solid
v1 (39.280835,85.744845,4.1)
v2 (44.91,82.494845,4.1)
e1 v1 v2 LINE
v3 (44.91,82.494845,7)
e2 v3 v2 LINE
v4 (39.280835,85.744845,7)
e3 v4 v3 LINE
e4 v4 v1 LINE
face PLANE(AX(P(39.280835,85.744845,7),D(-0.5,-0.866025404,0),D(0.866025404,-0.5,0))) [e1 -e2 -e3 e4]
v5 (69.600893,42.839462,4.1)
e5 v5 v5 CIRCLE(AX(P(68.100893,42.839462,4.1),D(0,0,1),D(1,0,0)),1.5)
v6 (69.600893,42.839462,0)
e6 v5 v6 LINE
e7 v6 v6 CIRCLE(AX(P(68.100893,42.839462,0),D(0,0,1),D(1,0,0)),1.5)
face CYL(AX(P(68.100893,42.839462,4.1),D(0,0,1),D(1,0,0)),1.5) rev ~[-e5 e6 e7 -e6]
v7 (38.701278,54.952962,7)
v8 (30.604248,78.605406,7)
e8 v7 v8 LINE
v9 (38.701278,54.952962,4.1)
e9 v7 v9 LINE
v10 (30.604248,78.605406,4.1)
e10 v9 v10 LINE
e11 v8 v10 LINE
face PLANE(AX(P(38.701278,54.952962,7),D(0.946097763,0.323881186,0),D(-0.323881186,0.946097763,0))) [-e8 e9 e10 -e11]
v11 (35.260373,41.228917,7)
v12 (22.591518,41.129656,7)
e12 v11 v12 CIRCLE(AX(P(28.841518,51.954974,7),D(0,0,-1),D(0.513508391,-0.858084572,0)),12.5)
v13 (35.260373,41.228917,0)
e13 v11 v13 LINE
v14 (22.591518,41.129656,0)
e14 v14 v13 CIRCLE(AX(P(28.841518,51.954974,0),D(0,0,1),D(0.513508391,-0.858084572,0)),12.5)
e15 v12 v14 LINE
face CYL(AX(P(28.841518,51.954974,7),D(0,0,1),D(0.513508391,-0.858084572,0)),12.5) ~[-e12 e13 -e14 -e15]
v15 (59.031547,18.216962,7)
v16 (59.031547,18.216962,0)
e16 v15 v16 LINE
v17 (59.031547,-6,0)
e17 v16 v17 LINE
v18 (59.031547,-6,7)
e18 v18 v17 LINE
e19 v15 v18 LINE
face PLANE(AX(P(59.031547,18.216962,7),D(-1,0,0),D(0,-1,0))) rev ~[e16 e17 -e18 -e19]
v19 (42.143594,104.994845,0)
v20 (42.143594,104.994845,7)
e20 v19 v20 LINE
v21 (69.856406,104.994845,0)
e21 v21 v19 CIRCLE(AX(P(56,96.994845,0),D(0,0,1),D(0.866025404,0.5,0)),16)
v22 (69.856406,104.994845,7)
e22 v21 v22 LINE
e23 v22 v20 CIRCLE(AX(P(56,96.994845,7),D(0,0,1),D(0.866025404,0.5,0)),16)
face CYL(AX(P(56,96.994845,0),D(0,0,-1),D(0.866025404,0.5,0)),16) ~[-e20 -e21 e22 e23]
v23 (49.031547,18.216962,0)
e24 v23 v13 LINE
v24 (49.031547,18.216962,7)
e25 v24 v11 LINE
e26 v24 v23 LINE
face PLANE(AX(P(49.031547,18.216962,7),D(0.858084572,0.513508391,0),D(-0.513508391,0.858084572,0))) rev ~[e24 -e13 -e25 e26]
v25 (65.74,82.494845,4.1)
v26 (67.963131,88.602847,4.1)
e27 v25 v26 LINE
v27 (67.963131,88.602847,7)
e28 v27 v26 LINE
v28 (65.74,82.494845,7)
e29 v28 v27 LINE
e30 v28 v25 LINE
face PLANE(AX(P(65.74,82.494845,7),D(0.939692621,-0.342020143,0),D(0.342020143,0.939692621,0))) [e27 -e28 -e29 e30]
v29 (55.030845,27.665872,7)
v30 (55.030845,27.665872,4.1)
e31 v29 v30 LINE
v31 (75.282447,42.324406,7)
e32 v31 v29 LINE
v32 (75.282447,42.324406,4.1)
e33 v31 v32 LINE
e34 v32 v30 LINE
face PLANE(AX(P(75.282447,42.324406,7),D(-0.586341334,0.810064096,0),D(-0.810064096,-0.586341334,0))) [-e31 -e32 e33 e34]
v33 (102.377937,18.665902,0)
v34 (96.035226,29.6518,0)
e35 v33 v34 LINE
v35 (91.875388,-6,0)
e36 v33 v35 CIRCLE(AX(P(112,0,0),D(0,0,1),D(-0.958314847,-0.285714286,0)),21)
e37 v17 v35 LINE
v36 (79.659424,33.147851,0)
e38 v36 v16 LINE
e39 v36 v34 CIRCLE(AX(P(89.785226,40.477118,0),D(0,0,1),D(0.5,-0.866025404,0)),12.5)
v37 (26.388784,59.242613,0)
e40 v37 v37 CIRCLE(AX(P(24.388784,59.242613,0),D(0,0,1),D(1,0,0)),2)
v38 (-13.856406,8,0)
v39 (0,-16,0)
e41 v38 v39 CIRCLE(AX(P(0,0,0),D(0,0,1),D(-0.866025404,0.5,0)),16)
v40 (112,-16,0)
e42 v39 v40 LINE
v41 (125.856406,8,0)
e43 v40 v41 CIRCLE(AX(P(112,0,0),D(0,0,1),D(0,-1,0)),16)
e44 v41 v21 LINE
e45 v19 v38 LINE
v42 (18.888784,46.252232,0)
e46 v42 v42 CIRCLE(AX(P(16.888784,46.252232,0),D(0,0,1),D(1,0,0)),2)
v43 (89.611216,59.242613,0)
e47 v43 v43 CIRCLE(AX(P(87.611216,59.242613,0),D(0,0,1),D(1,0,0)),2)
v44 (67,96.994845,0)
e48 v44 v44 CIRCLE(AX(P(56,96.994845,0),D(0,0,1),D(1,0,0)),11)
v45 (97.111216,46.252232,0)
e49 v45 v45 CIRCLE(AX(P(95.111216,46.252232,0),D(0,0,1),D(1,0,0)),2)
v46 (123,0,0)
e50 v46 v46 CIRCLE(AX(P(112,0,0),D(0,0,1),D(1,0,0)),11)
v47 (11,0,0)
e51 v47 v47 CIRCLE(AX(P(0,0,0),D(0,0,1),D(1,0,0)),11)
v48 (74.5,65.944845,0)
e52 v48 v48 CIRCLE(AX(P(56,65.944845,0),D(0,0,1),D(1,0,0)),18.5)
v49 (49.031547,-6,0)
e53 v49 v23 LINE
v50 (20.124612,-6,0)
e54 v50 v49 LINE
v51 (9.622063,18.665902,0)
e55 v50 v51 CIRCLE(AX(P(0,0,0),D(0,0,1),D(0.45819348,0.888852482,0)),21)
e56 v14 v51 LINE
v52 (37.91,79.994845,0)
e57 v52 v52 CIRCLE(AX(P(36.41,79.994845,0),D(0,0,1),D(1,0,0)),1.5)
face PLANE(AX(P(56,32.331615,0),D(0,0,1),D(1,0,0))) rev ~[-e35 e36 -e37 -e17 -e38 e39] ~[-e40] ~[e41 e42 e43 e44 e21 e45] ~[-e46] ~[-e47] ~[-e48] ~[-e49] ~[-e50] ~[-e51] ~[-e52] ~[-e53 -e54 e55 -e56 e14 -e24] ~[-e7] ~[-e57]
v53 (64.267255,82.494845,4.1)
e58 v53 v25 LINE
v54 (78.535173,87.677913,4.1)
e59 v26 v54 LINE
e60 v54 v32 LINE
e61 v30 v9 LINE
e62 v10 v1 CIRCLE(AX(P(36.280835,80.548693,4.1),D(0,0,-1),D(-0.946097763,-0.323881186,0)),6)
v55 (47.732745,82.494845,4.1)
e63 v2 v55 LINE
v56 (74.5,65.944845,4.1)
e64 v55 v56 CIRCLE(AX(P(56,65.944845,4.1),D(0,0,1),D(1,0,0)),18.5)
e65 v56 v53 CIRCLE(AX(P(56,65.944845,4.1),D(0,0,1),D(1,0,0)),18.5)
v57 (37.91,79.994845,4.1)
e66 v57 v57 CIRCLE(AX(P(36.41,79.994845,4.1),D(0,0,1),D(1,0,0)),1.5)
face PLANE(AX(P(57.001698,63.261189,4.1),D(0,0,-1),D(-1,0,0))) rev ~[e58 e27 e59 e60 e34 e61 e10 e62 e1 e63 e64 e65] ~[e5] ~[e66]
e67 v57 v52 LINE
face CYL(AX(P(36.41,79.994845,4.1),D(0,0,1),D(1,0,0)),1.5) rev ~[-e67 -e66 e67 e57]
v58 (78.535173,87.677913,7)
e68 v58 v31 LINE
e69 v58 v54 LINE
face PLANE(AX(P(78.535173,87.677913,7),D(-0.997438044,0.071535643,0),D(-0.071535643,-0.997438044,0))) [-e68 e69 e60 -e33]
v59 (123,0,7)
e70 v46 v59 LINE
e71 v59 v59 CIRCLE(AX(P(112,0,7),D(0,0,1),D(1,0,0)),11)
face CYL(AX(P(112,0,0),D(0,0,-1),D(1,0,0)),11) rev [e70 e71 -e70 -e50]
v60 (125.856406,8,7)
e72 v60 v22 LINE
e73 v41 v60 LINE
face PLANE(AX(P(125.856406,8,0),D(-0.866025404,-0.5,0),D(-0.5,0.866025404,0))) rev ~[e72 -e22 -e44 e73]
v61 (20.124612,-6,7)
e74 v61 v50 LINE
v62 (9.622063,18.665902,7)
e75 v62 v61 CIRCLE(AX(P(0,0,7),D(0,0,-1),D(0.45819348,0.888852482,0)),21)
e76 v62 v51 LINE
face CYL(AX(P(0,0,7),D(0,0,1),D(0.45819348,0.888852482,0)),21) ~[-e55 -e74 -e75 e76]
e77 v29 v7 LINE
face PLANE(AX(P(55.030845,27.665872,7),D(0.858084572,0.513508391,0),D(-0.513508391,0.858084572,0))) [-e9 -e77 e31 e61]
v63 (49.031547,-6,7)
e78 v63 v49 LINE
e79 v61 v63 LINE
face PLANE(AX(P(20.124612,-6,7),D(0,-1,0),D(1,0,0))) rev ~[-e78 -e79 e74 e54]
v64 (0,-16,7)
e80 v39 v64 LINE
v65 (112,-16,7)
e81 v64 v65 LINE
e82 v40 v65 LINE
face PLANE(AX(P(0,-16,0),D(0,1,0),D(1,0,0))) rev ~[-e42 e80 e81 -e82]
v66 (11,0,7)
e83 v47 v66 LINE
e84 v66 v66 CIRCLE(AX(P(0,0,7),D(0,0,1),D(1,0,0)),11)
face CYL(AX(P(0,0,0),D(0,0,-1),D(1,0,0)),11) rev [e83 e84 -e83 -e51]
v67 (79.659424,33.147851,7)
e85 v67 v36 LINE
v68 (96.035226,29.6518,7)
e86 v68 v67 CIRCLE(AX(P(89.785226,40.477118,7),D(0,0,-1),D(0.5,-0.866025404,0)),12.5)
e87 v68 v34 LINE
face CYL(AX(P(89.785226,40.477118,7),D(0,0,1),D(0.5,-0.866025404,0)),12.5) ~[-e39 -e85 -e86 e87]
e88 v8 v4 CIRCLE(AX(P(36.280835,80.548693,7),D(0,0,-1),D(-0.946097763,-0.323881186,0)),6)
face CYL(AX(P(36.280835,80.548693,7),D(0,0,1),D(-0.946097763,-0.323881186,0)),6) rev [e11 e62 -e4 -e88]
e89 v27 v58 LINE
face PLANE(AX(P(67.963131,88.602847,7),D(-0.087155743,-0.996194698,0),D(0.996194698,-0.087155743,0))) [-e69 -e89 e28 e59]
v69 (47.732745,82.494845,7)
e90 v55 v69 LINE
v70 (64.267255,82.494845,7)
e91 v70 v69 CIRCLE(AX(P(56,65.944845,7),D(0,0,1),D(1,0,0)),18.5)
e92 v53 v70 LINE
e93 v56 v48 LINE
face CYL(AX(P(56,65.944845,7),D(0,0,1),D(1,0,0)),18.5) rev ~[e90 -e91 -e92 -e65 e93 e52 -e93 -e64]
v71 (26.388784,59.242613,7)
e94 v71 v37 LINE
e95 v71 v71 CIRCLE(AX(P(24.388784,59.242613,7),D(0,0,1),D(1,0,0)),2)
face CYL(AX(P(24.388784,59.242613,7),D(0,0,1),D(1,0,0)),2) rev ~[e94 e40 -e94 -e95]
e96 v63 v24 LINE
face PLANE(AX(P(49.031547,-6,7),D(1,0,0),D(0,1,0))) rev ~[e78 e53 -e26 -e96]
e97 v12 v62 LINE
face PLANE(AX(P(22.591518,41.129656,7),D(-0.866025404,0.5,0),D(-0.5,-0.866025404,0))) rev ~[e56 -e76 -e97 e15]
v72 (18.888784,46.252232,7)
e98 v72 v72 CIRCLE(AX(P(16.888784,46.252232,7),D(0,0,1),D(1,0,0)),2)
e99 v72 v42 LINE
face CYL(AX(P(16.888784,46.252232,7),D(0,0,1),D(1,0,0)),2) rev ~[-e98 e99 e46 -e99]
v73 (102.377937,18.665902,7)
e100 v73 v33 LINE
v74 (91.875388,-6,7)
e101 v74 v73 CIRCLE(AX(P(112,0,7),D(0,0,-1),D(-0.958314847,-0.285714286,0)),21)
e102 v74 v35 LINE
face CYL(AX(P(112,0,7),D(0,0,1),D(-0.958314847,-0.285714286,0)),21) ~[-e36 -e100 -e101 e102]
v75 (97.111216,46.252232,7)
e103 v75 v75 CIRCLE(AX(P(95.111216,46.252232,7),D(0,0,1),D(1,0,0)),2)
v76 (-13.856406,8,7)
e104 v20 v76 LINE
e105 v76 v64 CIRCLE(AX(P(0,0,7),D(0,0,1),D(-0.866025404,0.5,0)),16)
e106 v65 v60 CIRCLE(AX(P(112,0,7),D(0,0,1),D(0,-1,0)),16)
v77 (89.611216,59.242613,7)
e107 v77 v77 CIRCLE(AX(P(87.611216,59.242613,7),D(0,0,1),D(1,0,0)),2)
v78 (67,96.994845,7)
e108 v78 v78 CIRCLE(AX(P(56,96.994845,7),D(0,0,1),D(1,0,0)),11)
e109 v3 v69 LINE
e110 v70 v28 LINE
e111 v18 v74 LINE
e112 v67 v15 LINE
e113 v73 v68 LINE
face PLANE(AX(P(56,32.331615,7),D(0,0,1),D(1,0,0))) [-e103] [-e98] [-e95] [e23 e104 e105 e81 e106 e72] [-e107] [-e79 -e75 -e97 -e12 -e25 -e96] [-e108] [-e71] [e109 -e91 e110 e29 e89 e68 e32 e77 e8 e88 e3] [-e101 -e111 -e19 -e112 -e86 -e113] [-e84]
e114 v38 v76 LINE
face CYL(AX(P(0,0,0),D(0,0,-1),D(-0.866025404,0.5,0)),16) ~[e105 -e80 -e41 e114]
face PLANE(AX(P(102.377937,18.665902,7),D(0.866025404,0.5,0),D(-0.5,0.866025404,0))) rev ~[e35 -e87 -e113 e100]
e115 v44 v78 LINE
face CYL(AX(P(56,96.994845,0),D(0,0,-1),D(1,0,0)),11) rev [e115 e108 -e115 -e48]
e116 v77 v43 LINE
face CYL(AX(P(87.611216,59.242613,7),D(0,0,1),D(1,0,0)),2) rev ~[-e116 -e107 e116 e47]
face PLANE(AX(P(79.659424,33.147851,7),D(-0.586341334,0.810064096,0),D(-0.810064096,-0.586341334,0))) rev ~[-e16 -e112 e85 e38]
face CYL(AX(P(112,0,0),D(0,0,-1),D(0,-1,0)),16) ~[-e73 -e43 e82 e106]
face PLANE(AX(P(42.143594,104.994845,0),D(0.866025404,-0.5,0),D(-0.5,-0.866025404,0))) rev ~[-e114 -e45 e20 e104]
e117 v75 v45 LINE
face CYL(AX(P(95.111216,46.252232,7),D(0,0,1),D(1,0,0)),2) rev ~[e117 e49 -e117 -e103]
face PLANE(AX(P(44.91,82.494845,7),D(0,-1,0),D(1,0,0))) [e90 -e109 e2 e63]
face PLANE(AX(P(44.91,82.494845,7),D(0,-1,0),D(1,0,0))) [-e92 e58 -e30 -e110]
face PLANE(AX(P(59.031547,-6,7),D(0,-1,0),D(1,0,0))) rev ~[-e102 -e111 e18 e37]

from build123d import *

# Parameters (mm, degrees)
SKETCH1_R           = 11
BOSS_EXTRUDE1_DEPTH = 7
SKETCH3_R           = 18.5
CUT_EXTRUDE1_DEPTH  = 8
CUT_EXTRUDE2_DEPTH  = 2.9
CUT_EXTRUDE3_DEPTH  = 8
SKETCH7_R           = 1.5
CUT_EXTRUDE4_DEPTH  = 5.1
SKETCH10_R          = 2
CUT_EXTRUDE5_DEPTH  = 8


with BuildPart() as part:
    # Sketch1 → Boss-Extrude1 (new body)
    with BuildSketch(Plane.XY):
        with BuildLine():
            Line((42.143593539, 104.994845224), (-13.856406461, 8))
            ThreePointArc((-13.856406461, 8), (-13.856406461, -8), (0, -16))
            Line((0, -16), (112, -16))
            ThreePointArc((112, -16), (125.856406461, -8), (125.856406461, 8))
            Line((125.856406461, 8), (69.856406461, 104.994845224))
            ThreePointArc((69.856406461, 104.994845224), (56, 112.994845224), (42.143593539, 104.994845224))
        make_face()
        Circle(SKETCH1_R, mode=Mode.SUBTRACT)
        with Locations((112, 0)):
            Circle(SKETCH1_R, mode=Mode.SUBTRACT)
        with Locations((56, 96.994845224)):
            Circle(SKETCH1_R, mode=Mode.SUBTRACT)
    extrude(amount=BOSS_EXTRUDE1_DEPTH)

    # Sketch3 → Cut-Extrude1 (cut, through all)
    with BuildSketch(Plane.XY.offset(7)):
        with Locations((56, 65.944845224)):
            Circle(SKETCH3_R)
    extrude(amount=-CUT_EXTRUDE1_DEPTH, mode=Mode.SUBTRACT)

    # Sketch4 → Cut-Extrude2 (cut)
    with BuildSketch(Plane.XY.offset(7)):
        with BuildLine():
            Line((44.91, 82.494845224), (65.74, 82.494845224))
            Line((65.74, 82.494845224), (67.963130932, 88.602847259))
            Line((67.963130932, 88.602847259), (78.535172855, 87.67791344))
            Line((78.535172855, 87.67791344), (75.282447168, 42.324405576))
            Line((75.282447168, 42.324405576), (55.030844768, 27.665872217))
            Line((55.030844768, 27.665872217), (38.701277947, 54.952961607))
            Line((38.701277947, 54.952961607), (30.604248297, 78.605405685))
            ThreePointArc((30.604248297, 78.605405685), (32.46849594, 85.181842037), (39.280834875, 85.744845224))
            Line((39.280834875, 85.744845224), (44.91, 82.494845224))
        make_face()
    extrude(amount=-CUT_EXTRUDE2_DEPTH, mode=Mode.SUBTRACT)

    # Sketch5 → Cut-Extrude3 (cut, through all)
    with BuildSketch(Plane.XY.offset(7)):
        with BuildLine():
            Line((22.59151766, 41.129656408), (9.622063078, 18.665902125))
            ThreePointArc((9.622063078, 18.665902125), (19.321434948, 8.226916285), (20.124611797, -6))
            Line((20.124611797, -6), (49.031546624, -6))
            Line((49.031546624, -6), (49.031546624, 18.216961725))
            Line((49.031546624, 18.216961725), (35.260372543, 41.228916805))
            ThreePointArc((35.260372543, 41.228916805), (28.939452074, 39.455357607), (22.59151766, 41.129656408))
        make_face()
        with BuildLine():
            Line((59.031546624, 18.216961725), (59.031546624, -6))
            Line((59.031546624, -6), (91.875388203, -6))
            ThreePointArc((91.875388203, -6), (92.678565052, 8.226916285), (102.377936922, 18.665902125))
            Line((102.377936922, 18.665902125), (96.035225677, 29.651800259))
            ThreePointArc((96.035225677, 29.651800259), (87.175426517, 28.252595389), (79.659424477, 33.147851127))
            Line((79.659424477, 33.147851127), (59.031546624, 18.216961725))
        make_face()
    extrude(amount=-CUT_EXTRUDE3_DEPTH, mode=Mode.SUBTRACT)

    # Sketch7 → Cut-Extrude4 (cut, through all)
    with BuildSketch(Plane.XY.offset(4.1)):
        with Locations((68.100893251, 42.839462205)):
            Circle(SKETCH7_R)
        with Locations((36.41, 79.994845224)):
            Circle(SKETCH7_R)
    extrude(amount=-CUT_EXTRUDE4_DEPTH, mode=Mode.SUBTRACT)

    # Sketch10 → Cut-Extrude5 (cut, through all)
    with BuildSketch(Plane.XY.offset(7)):
        with Locations((24.388784068, 59.24261314)):
            Circle(SKETCH10_R)
        with Locations((16.888784068, 46.252232084)):
            Circle(SKETCH10_R)
        with Locations((87.611215932, 59.24261314)):
            Circle(SKETCH10_R)
        with Locations((95.111215932, 46.252232084)):
            Circle(SKETCH10_R)
    extrude(amount=-CUT_EXTRUDE5_DEPTH, mode=Mode.SUBTRACT)


solid = part.part
